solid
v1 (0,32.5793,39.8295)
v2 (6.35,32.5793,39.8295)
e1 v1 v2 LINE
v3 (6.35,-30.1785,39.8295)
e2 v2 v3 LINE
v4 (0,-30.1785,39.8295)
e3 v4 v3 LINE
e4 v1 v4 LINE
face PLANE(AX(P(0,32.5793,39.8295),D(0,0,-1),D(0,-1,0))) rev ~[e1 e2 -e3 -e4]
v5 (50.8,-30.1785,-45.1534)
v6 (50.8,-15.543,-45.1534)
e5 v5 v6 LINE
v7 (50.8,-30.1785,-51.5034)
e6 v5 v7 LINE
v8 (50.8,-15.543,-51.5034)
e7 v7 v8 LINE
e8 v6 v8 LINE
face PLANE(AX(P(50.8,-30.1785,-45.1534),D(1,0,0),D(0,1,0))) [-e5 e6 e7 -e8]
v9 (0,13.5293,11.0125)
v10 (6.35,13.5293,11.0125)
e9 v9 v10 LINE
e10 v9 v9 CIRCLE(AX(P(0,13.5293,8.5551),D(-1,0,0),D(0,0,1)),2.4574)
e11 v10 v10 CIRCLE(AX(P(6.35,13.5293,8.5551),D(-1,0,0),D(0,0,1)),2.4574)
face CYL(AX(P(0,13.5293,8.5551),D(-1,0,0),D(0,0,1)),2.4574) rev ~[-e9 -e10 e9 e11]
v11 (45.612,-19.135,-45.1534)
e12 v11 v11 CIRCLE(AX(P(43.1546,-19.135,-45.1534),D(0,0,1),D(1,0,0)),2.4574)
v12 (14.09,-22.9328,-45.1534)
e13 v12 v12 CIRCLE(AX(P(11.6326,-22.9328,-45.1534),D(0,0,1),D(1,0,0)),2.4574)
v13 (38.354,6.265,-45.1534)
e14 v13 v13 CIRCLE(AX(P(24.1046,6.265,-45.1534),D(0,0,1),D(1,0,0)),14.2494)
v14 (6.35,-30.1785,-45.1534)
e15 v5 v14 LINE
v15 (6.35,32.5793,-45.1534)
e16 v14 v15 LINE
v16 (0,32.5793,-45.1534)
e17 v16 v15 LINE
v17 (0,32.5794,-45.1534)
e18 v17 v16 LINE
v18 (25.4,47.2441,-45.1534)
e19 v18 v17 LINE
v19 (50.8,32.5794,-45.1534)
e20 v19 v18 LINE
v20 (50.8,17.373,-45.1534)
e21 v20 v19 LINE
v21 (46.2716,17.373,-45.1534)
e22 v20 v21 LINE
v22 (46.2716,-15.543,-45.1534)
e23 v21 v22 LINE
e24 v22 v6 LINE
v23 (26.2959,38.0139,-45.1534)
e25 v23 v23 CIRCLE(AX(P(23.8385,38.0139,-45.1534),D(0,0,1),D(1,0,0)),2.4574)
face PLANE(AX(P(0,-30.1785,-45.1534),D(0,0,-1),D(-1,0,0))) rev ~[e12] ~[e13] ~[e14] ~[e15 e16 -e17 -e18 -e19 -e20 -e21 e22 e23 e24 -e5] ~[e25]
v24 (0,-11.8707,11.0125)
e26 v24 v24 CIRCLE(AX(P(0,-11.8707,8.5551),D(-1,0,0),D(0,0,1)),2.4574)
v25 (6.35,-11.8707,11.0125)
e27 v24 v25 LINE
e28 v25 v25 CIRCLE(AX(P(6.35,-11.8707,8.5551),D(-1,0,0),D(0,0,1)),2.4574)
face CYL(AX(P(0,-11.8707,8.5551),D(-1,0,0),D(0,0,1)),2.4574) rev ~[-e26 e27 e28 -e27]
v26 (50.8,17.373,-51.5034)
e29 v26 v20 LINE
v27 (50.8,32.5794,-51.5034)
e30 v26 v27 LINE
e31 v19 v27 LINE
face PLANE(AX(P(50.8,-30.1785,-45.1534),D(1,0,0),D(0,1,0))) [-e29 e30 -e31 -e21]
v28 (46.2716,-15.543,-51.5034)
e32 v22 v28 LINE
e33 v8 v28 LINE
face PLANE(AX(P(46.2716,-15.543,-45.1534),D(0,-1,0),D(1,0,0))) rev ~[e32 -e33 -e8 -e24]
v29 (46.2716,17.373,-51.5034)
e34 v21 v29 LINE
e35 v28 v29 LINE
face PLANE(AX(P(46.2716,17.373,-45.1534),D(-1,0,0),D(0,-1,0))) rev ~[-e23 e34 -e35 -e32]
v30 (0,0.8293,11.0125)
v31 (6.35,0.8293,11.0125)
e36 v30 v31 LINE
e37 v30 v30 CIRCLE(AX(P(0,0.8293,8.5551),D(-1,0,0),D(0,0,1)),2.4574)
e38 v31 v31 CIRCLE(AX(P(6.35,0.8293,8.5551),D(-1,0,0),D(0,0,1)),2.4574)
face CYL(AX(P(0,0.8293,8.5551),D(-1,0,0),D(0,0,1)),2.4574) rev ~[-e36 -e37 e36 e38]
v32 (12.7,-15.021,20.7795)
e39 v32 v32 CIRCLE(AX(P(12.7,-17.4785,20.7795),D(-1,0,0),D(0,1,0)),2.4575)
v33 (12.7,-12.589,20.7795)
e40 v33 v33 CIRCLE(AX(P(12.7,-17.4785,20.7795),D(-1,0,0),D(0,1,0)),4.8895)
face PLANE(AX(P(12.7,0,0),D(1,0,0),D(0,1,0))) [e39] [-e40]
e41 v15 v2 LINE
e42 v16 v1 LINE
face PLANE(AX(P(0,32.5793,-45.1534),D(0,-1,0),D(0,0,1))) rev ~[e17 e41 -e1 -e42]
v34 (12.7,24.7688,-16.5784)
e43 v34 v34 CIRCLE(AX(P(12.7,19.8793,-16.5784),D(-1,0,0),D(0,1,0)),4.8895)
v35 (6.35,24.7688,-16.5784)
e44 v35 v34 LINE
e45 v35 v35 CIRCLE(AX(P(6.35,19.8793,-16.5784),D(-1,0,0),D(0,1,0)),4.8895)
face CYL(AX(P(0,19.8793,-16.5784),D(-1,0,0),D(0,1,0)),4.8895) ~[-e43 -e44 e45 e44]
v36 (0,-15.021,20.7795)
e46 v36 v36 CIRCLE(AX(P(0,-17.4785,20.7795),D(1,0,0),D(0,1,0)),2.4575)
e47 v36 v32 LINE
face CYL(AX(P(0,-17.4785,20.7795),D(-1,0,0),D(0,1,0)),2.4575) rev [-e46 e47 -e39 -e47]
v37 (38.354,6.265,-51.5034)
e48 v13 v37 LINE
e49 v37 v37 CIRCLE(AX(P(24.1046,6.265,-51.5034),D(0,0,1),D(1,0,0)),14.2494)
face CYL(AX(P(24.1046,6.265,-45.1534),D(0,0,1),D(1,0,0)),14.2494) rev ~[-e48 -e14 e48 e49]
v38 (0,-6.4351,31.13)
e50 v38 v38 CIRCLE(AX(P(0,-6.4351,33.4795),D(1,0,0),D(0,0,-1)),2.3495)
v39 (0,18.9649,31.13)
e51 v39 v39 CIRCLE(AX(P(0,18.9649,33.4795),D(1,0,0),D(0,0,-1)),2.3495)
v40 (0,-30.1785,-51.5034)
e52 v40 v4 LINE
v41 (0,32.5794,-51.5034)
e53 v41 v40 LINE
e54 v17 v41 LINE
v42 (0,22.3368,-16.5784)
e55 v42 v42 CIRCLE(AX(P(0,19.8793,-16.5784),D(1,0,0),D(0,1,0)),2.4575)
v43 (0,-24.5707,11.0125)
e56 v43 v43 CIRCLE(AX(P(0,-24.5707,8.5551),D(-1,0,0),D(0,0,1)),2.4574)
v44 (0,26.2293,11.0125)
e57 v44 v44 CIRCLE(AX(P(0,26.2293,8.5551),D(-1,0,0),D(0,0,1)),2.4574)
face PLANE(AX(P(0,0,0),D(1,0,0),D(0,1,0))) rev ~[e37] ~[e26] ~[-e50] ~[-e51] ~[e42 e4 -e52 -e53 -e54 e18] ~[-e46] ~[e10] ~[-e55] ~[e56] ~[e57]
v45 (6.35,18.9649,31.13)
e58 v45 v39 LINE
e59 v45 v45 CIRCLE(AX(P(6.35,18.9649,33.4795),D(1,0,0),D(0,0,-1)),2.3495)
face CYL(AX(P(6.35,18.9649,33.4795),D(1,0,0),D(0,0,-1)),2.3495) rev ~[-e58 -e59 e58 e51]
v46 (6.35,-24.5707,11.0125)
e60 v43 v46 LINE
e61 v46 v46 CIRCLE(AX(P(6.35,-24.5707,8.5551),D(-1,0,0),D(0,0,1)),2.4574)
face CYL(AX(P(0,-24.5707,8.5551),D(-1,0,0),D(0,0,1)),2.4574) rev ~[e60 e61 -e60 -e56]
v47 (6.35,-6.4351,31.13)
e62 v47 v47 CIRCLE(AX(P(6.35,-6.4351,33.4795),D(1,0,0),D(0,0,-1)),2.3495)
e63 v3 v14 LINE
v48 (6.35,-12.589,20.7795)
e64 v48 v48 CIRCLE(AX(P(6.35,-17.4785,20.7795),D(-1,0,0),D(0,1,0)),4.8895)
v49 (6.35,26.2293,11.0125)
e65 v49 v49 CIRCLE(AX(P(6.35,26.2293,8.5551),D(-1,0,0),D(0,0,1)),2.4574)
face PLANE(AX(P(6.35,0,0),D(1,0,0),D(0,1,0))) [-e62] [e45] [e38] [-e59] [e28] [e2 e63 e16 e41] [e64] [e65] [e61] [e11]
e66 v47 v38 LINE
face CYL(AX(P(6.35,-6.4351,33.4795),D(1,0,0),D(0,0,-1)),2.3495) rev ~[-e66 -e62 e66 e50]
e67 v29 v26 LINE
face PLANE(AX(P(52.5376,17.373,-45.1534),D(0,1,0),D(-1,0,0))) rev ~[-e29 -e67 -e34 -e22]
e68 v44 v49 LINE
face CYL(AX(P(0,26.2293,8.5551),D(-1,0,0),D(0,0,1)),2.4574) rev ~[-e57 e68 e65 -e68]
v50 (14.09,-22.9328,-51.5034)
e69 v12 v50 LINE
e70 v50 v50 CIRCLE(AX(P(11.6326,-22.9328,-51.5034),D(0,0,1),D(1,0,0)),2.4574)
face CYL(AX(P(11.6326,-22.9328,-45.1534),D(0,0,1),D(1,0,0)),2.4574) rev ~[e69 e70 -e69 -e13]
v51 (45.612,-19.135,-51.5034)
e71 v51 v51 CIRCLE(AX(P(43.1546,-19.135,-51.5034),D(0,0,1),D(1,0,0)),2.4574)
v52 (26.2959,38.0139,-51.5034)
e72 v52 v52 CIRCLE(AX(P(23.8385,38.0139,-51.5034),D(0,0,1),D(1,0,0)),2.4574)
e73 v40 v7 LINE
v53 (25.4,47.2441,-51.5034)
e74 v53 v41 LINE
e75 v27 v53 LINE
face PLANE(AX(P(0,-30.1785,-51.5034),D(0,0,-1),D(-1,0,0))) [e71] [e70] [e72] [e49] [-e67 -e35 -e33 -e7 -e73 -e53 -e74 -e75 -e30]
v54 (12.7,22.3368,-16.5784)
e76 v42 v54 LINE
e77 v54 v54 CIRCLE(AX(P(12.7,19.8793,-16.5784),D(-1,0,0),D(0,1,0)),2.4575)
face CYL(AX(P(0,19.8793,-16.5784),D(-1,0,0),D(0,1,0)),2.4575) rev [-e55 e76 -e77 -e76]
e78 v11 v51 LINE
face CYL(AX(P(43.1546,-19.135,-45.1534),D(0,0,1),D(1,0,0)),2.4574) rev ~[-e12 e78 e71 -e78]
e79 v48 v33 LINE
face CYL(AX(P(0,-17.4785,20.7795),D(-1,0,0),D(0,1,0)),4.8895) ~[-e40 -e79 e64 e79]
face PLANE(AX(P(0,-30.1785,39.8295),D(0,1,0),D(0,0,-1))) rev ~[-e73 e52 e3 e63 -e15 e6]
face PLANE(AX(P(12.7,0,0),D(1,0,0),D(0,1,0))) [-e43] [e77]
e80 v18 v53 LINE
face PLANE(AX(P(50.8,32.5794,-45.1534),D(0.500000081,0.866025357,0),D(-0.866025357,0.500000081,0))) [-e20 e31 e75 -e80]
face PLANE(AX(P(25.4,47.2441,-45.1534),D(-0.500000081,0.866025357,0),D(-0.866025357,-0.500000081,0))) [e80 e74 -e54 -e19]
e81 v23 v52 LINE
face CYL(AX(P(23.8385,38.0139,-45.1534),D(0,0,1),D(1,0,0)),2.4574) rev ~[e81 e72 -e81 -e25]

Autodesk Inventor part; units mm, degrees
ref_plane "YZ Plane" through (0, 0, 0) normal (1, 0, 0) x (0, 1, 0)
ref_plane "XZ Plane" through (0, 0, 0) normal (0, 1, 0) x (-1, 0, 0)
ref_plane "XY Plane" through (0, 0, 0) normal (0, 0, 1) x (1, 0, 0)
sketch "Sketch1" plane through (0, 0, 0) normal (1, 0, 0) x (0, 1, 0)
  line L0 (19.8793, 20.7795) -> (-17.4785, 20.7795)
  line L1 (-17.4785, 20.7795) -> (-17.4785, -16.5784)
  line L2 (-17.4785, -16.5784) -> (19.8793, -16.5784)
  line L3 (19.8793, -16.5784) -> (19.8793, 20.7795)
  circle A0 centre (19.8793, 20.7795) radius 4.8895
  circle A1 centre (19.8793, -16.5784) radius 4.8895
  circle A2 centre (-17.4785, -16.5784) radius 4.8895
  circle A3 centre (-17.4785, 20.7795) radius 4.8895
  line L4 (32.5793, 39.8295) -> (-30.1785, 39.8295)
  line L5 (-30.1785, 39.8295) -> (-30.1785, -45.1534)
  line L6 (-30.1785, -45.1534) -> (32.5793, -45.1534)
  line L7 (32.5793, -45.1534) -> (32.5793, 39.8295)
  circle A4 centre (19.8793, 20.7795) radius 2.4575
  circle A5 centre (19.8793, -16.5784) radius 2.4575
  circle A6 centre (-17.4785, -16.5784) radius 2.4575
  circle A7 centre (-17.4785, 20.7795) radius 2.4575
  point P0 (0, 0)
  dimension "d0" = 9.779
  dimension "d4" = 52.832
  dimension "d5" = 12.7
  dimension "d6" = 19.05
  dimension "d7" = 12.7
  dimension "d8" = 28.575
  dimension "d13" = 4.9149
extrude "Extrusion1" add sketch "Sketch1" along normal blind 6.35 contours A3 L1 A7 L0 | L0 A7 L1 A3 | L0 A0 L3 A1 L2 A2 L1 A3 | A7 L1 L0 | L0 L1 A7 | A0 L3 A4 L0 | L0 A4 L3 A0 | A4 L3 L0 | L0 L3 A4 | A2 L2 A6 L1 | L1 A6 L2 A2 | A1 L2 A5 L3 | L3 A5 L2 A1 | A6 L2 L1 | L1 L2 A6 | A5 L2 L3 | L3 L2 A5 | L7 L6 L5 L4
extrude "Extrusion2" add sketch "Sketch1" along normal blind 12.7 contours A3 L1 A7 L0 | L0 A7 L1 A3 | A7 L1 L0 | L0 L1 A7 | A1 L2 A5 L3 | L3 A5 L2 A1 | A5 L2 L3 | L3 L2 A5
extrude "Extrusion3" cut sketch "Sketch1" along normal blind 12.7 contours A7 L1 L0 | L0 L1 A7 | A5 L2 L3 | L3 L2 A5
sketch "Sketch2" plane through (0, -30.1785, -45.1534) normal (0, 0, -1) x (-1, 0, 0)
  line L0 (0, 0) -> (-6.35, 0) projected
  line L1 (0, 0) -> (-50.8, 0)
  line L2 (-50.8, 0) -> (-50.8, 62.7579)
  line L3 (-50.8, 62.7579) -> (0, 62.7579)
  line L4 (0, 62.7579) -> (0, 0)
  line L5 (0, 62.7579) -> (-6.35, 62.7579) projected
  line L6 (-50.8, 62.7579) -> (-25.4, 77.4226)
  line L7 (-25.4, 77.4226) -> (0, 62.7579)
  line L8 (-50.8, 62.7579) -> (0, 62.7579)
  point P0 (0, 30.1785)
  dimension "d16" = 50.8
  dimension "d89" = 30
  dimension "d90" = 30
extrude "Extrusion4" add sketch "Sketch2" along normal blind 6.35
sketch "Sketch4" plane through (0, 32.5793, 39.8295) normal (0, 1, 0) x (1, 0, 0)
  line L0 (0, 84.9829) -> (0, 0) projected
  line L1 (0, 0) -> (6.35, 0) projected
  line L2 (6.35, 84.9829) -> (6.35, 0) projected
  line L3 (0, 78.6329) -> (6.35, 78.6329)
  line L4 (6.35, 78.6329) -> (6.35, 129.4329)
  line L5 (6.35, 129.4329) -> (0, 129.4329)
  line L6 (0, 129.4329) -> (0, 78.6329)
  line L7 (6.35, 129.4329) -> (50.8, 129.4329)
  line L8 (50.8, 129.4329) -> (50.8, 123.0829)
  line L9 (50.8, 123.0829) -> (6.35, 123.0829)
  line L10 (6.35, 123.0829) -> (6.35, 129.4329)
  line L11 (0, 84.9829) -> (6.35, 84.9829) projected
  point P0 (0, 39.8295)
  dimension "d25" = 6.35
  dimension "d26" = 50.8
  dimension "d27" = 6.35
sketch "Sketch3" plane through (0, -30.1785, -45.1534) normal (0, 0, 1) x (1, 0, 0)
  circle A0 centre (24.1046, 36.4435) radius 9.7536
  line L0 (6.35, 62.7579) -> (6.35, 0) projected
  circle A1 centre (24.1046, 36.4435) radius 14.2494
  line L1 (6.35, 0) -> (50.8, 0) projected
  point P0 (0, 30.1785)
  dimension "d19" = 19.5072
  dimension "d20" = 17.7546
  dimension "d22" = 28.4988
  dimension "d91" = 36.4435
extrude "Extrusion5" cut sketch "Sketch3" against normal blind 63.5 contours A0 | A1
sketch "Sketch5" plane through (0, -30.1785, -45.1534) normal (0, 0, 1) x (1, 0, 0)
  circle A0 centre (24.1046, 36.4435) radius 14.2494 projected
  circle A1 centre (23.8385, 68.1924) radius 2.4574
  circle A2 centre (43.1546, 11.0435) radius 2.4574
  circle A3 centre (11.6326, 7.2457) radius 2.4574
  point P0 (0, 30.1785)
  dimension "d33" = 4.9149
  dimension "d46" = 31.75
  dimension "d47" = 31.75
  dimension "d48" = 31.75
  dimension "d49" = 31.75
  dimension "d50" = 60.325
  dimension "d51" = 25.4
extrude "Extrusion7" cut sketch "Sketch5" against normal blind 25.4 contours A1 | A2 | A3
ref_plane "Work Plane1" through (-9.525, -30.1785, 2.2051) normal (-1, 0, 0) x (0, 0, 1)
sketch "Sketch10" plane through (0, 0, 0) normal (-1, 0, 0) x (0, 0, 1)
  line L0 (14.9051, -30.1785) -> (14.9051, 32.5793) projected
  line L1 (14.9051, 32.5793) -> (2.2051, 32.5793) projected
  circle A0 centre (8.5551, 26.2293) radius 2.4574
  circle A1 centre (8.5551, 13.5293) radius 2.4574
  circle A2 centre (8.5551, 0.8293) radius 2.4574
  circle A3 centre (8.5551, -11.8707) radius 2.4574
  circle A4 centre (8.5551, -24.5707) radius 2.4574
  point P0 (0, 0)
  dimension "d77" = 4.9149
  dimension "d78" = 6.35
  dimension "d79" = 6.35
  dimension "d82" = 12.7
extrude "Extrusion12" cut sketch "Sketch10" against normal blind 25.4
sketch "Sketch11" plane through (0, -30.1785, -45.1534) normal (0, 0, 1) x (1, 0, 0)
  line L0 (52.0296, 47.0435) -> (52.0296, 15.1435)
  line L1 (46.7796, 15.1435) -> (46.7796, 47.0435)
  line L2 (52.0296, 15.1435) -> (46.7796, 15.1435)
  line L3 (46.7796, 47.0435) -> (52.0296, 47.0435)
  line L4 (46.2716, 47.5515) -> (46.2716, 14.6355)
  line L5 (46.2716, 14.6355) -> (52.5376, 14.6355)
  line L6 (52.5376, 14.6355) -> (52.5376, 47.5515)
  line L7 (52.5376, 47.5515) -> (46.2716, 47.5515)
  point P0 (0, 30.1785)
  dimension "d92" = 0.508
extrude "Extrusion13" cut sketch "Sketch11" against normal blind 25.4 contours L0 L2 L1 L3 | L7 L6 L5 L4
sketch "Sketch12" plane through (6.35, 0, 0) normal (1, 0, 0) x (0, 0, -1)
  line L0 (51.5034, 20.5143) -> (51.5034, -7.9845) projected
  line L1 (45.1534, -7.9845) -> (45.1534, 20.5143) projected
  line L2 (45.1534, 6.2649) -> (-81.3629, 6.2649)
  circle A0 centre (-33.4795, 18.9649) radius 2.3495
  circle A1 centre (-33.4795, -6.4351) radius 2.3495
  line L3 (-39.8295, 32.5793) -> (-39.8295, -30.1785) projected
  point P0 (0, 0)
  dimension "d95" = 4.699
  dimension "d96" = 4.699
  dimension "d97" = 12.7
  dimension "d98" = 12.7
  dimension "d99" = 6.35
extrude "Extrusion14" cut sketch "Sketch12" against normal blind 25.4
equation "\"d90\" = d89"
equation "\"d27\" = d25"
equation "\"d1\" = d0"
properties part number "motor mount 2" material "ABS Plastic"
